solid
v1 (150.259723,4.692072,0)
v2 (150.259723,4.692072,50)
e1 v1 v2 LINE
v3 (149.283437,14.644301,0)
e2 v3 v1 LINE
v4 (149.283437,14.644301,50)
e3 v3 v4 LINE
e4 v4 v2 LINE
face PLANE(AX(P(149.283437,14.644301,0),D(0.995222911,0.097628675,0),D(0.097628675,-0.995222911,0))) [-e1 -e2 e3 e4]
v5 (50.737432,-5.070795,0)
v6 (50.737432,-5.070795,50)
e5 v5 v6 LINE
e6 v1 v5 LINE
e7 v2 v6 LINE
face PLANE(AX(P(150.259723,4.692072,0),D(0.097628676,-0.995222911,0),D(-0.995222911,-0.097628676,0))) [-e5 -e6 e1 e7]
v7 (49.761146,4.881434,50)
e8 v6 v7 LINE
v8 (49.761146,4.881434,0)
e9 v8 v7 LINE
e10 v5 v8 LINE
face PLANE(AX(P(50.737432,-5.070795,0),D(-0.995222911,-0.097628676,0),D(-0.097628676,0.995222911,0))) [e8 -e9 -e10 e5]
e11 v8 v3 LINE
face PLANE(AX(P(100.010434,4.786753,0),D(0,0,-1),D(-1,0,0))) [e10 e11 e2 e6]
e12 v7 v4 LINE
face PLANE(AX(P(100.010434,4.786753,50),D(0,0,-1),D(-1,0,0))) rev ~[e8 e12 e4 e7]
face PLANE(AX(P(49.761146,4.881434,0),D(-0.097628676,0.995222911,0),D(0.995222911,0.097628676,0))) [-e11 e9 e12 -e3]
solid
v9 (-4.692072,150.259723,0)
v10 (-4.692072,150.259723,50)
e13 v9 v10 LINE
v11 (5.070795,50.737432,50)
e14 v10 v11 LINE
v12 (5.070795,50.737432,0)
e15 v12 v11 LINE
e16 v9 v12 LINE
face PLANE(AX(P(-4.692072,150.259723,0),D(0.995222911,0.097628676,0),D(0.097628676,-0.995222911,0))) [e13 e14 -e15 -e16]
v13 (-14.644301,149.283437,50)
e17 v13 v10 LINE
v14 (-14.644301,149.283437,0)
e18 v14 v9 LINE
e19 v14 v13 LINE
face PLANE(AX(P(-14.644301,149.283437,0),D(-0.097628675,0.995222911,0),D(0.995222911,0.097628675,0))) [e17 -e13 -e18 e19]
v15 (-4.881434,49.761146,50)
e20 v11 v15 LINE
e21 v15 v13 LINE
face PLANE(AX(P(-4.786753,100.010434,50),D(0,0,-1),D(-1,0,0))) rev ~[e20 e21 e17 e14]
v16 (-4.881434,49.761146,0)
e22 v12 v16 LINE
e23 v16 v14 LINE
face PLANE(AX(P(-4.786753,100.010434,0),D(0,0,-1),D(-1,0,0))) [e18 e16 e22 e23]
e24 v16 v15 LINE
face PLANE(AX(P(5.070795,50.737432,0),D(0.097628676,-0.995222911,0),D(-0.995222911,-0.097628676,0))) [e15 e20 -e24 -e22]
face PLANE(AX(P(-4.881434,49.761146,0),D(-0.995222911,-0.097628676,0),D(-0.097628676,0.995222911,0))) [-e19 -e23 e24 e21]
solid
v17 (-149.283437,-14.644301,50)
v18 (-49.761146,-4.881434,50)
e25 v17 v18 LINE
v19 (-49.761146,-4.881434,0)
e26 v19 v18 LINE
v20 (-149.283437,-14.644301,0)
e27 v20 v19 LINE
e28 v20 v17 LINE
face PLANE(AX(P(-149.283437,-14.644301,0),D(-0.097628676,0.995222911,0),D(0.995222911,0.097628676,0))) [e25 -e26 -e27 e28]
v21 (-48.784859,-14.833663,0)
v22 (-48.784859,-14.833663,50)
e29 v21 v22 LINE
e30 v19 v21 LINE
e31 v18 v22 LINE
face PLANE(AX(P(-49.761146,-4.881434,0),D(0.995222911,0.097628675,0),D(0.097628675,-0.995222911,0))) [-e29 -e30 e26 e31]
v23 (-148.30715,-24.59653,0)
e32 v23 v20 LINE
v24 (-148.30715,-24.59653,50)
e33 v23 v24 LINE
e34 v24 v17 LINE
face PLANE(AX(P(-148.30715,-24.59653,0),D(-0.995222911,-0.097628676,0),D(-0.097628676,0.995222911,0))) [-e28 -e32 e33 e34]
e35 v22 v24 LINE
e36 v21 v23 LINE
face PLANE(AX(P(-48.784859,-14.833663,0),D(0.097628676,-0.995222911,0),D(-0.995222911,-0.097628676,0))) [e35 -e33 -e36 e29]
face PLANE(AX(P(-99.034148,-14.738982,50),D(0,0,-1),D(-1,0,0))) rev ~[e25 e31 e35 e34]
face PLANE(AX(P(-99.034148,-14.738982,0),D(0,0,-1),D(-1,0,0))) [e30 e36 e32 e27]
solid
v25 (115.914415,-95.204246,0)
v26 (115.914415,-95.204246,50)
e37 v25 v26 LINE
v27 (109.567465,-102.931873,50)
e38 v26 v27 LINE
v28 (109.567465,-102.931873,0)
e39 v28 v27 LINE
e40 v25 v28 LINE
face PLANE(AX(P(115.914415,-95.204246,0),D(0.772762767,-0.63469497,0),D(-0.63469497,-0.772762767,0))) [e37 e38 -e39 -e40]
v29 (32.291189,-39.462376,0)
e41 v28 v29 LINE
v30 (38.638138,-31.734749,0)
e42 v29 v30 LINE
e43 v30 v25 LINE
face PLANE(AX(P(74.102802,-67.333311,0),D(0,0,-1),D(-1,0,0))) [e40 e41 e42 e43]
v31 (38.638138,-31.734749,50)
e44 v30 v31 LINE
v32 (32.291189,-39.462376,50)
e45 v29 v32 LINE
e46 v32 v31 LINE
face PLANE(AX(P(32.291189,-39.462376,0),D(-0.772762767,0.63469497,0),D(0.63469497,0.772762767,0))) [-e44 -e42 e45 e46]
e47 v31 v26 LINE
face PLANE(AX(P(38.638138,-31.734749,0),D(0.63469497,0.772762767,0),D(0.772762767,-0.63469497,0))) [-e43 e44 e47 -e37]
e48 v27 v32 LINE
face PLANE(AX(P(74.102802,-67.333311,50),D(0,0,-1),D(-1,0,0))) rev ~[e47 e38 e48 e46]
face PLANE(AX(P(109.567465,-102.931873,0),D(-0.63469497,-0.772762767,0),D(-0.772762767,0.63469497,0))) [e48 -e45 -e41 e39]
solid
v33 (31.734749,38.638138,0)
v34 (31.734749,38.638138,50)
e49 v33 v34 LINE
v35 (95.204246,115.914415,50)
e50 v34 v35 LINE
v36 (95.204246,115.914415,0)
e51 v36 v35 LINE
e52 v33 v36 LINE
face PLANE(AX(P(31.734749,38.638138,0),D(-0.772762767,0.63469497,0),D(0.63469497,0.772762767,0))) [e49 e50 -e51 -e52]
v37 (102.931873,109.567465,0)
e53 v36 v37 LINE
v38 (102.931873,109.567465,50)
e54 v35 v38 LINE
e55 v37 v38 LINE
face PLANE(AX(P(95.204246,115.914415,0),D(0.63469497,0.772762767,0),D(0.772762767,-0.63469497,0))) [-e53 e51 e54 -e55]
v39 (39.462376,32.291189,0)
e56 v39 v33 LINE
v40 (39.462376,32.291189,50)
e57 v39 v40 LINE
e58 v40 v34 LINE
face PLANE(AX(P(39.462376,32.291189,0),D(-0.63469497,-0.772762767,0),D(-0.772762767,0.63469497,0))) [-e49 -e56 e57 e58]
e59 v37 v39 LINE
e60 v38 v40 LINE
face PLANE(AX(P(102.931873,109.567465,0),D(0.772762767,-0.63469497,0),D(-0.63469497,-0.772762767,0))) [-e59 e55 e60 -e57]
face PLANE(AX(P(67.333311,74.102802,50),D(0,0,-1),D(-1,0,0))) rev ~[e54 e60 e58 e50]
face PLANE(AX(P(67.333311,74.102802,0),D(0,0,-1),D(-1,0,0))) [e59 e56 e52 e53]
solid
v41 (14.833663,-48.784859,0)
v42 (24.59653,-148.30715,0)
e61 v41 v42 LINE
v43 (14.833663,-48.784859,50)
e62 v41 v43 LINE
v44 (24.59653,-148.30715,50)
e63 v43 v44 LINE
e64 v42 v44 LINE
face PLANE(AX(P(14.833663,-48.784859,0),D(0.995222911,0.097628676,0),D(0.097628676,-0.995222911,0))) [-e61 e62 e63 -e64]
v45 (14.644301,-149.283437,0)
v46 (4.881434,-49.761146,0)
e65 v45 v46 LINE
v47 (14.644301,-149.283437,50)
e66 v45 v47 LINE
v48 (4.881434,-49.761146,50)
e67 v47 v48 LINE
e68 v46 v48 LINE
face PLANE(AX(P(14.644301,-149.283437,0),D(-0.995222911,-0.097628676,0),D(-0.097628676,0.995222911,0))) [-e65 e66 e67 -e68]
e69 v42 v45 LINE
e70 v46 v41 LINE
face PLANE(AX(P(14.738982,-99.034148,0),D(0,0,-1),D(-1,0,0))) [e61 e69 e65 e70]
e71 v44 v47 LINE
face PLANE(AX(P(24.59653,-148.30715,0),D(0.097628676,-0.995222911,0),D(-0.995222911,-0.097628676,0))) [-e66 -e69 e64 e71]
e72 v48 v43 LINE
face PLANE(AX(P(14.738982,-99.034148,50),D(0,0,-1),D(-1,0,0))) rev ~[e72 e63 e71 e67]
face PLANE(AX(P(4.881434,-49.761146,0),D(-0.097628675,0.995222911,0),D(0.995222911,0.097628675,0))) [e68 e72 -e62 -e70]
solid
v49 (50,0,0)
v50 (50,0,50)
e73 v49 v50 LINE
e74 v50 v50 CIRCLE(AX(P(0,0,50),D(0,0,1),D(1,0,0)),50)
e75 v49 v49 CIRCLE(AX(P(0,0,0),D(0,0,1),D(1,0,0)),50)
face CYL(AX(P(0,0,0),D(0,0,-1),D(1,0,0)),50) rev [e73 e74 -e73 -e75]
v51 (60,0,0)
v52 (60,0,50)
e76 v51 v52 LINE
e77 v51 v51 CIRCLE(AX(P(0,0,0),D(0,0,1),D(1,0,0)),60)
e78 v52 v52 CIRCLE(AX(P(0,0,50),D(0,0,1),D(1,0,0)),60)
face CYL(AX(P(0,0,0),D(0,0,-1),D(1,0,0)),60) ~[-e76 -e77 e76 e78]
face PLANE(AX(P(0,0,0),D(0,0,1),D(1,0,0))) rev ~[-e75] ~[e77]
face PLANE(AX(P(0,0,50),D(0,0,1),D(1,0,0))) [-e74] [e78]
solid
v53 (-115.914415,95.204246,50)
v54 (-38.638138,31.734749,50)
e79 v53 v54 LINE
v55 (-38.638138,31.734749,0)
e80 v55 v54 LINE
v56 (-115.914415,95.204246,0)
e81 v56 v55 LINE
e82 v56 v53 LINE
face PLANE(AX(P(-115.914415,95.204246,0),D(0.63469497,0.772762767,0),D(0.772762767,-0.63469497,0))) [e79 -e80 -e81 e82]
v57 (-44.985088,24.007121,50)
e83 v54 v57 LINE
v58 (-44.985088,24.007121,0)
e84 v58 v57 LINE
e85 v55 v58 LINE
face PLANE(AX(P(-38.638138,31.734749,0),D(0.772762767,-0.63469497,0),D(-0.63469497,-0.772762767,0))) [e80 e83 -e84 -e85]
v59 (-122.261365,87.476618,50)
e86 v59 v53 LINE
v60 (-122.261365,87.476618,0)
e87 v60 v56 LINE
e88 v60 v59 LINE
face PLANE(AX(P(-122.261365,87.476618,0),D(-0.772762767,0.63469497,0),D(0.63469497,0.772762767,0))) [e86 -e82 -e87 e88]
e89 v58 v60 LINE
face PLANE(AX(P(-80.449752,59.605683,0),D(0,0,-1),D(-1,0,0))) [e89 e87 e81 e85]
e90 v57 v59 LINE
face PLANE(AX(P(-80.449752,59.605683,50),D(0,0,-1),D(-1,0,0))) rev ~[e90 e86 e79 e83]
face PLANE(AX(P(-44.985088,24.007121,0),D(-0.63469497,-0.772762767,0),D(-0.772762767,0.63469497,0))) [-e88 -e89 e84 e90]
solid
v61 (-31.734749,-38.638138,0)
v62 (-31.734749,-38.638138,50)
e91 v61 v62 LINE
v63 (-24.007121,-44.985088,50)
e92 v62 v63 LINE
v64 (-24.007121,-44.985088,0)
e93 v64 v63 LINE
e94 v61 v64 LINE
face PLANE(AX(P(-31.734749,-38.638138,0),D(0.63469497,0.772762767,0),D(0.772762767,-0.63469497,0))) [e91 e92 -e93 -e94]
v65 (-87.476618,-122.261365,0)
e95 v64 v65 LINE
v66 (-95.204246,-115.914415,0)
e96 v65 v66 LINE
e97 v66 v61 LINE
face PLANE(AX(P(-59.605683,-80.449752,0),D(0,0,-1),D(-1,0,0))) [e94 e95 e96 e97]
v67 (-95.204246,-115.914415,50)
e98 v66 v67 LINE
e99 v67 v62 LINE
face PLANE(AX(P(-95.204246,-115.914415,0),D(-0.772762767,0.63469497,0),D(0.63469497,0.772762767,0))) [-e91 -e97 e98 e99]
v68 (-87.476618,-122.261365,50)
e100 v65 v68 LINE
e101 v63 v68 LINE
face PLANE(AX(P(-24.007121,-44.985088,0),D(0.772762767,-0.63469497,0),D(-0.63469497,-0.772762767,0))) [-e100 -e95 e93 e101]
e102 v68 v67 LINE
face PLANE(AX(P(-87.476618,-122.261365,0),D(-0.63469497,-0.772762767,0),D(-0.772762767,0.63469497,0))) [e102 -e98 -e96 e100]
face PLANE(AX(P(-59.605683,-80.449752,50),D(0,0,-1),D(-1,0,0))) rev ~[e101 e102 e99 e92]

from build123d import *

# Parameters (mm, degrees)
SKETCH1_R             = 60
SKETCH1_R_2           = 50
EXTRUDE_THIN1_DEPTH   = 50
EXTRUDE_THIN1_2_DEPTH = 50
EXTRUDE_THIN1_3_DEPTH = 50
EXTRUDE_THIN1_4_DEPTH = 50
EXTRUDE_THIN1_5_DEPTH = 50
EXTRUDE_THIN1_6_DEPTH = 50
EXTRUDE_THIN1_7_DEPTH = 50
EXTRUDE_THIN1_8_DEPTH = 50
EXTRUDE_THIN1_9_DEPTH = 50


with BuildPart() as part:
    # Sketch1 → Extrude-Thin1 (new body)
    with BuildSketch(Plane.XY):
        Circle(SKETCH1_R)
        Circle(SKETCH1_R_2, mode=Mode.SUBTRACT)
    extrude(amount=EXTRUDE_THIN1_DEPTH)


with BuildPart() as body_2:
    # Sketch1 → Extrude-Thin1 2 (new body)
    with BuildSketch(Plane.XY):
        Polygon((-149.283436585, -14.644301329), (-49.761145528, -4.881433776), (-48.784858773, -14.833662882), (-148.30714983, -24.596530434), align=None)
    extrude(amount=EXTRUDE_THIN1_2_DEPTH)


with BuildPart() as body_3:
    # Sketch1 → Extrude-Thin1 3 (new body)
    with BuildSketch(Plane.XY):
        Polygon((14.644301329, -149.283436585), (4.881433776, -49.761145528), (14.833662882, -48.784858773), (24.596530434, -148.30714983), align=None)
    extrude(amount=EXTRUDE_THIN1_3_DEPTH)


with BuildPart() as body_4:
    # Sketch1 → Extrude-Thin1 4 (new body)
    with BuildSketch(Plane.XY):
        Polygon((-115.914415103, 95.204245553), (-38.638138368, 31.734748518), (-44.985088071, 24.007120844), (-122.261364807, 87.476617879), align=None)
    extrude(amount=EXTRUDE_THIN1_4_DEPTH)


with BuildPart() as body_5:
    # Sketch1 → Extrude-Thin1 5 (new body)
    with BuildSketch(Plane.XY):
        Polygon((-95.204245553, -115.914415103), (-31.734748518, -38.638138368), (-24.007120844, -44.985088071), (-87.476617879, -122.261364807), align=None)
    extrude(amount=EXTRUDE_THIN1_5_DEPTH)


with BuildPart() as body_6:
    # Sketch1 → Extrude-Thin1 6 (new body)
    with BuildSketch(Plane.XY):
        Polygon((-4.881433776, 49.761145528), (-14.644301329, 149.283436585), (-4.692072223, 150.25972334), (5.070795329, 50.737432284), align=None)
    extrude(amount=EXTRUDE_THIN1_6_DEPTH)


with BuildPart() as body_7:
    # Sketch1 → Extrude-Thin1 7 (new body)
    with BuildSketch(Plane.XY):
        Polygon((31.734748518, 38.638138368), (95.204245553, 115.914415103), (102.931873226, 109.5674654), (39.462376191, 32.291188664), align=None)
    extrude(amount=EXTRUDE_THIN1_7_DEPTH)


with BuildPart() as body_8:
    # Sketch1 → Extrude-Thin1 8 (new body)
    with BuildSketch(Plane.XY):
        Polygon((49.761145528, 4.881433776), (149.283436585, 14.644301329), (150.25972334, 4.692072223), (50.737432284, -5.070795329), align=None)
    extrude(amount=EXTRUDE_THIN1_8_DEPTH)


with BuildPart() as body_9:
    # Sketch1 → Extrude-Thin1 9 (new body)
    with BuildSketch(Plane.XY):
        Polygon((38.638138368, -31.734748518), (115.914415103, -95.204245553), (109.5674654, -102.931873226), (32.291188664, -39.462376191), align=None)
    extrude(amount=EXTRUDE_THIN1_9_DEPTH)


solid = Compound([part.part, body_2.part, body_3.part, body_4.part, body_5.part, body_6.part, body_7.part, body_8.part, body_9.part])
